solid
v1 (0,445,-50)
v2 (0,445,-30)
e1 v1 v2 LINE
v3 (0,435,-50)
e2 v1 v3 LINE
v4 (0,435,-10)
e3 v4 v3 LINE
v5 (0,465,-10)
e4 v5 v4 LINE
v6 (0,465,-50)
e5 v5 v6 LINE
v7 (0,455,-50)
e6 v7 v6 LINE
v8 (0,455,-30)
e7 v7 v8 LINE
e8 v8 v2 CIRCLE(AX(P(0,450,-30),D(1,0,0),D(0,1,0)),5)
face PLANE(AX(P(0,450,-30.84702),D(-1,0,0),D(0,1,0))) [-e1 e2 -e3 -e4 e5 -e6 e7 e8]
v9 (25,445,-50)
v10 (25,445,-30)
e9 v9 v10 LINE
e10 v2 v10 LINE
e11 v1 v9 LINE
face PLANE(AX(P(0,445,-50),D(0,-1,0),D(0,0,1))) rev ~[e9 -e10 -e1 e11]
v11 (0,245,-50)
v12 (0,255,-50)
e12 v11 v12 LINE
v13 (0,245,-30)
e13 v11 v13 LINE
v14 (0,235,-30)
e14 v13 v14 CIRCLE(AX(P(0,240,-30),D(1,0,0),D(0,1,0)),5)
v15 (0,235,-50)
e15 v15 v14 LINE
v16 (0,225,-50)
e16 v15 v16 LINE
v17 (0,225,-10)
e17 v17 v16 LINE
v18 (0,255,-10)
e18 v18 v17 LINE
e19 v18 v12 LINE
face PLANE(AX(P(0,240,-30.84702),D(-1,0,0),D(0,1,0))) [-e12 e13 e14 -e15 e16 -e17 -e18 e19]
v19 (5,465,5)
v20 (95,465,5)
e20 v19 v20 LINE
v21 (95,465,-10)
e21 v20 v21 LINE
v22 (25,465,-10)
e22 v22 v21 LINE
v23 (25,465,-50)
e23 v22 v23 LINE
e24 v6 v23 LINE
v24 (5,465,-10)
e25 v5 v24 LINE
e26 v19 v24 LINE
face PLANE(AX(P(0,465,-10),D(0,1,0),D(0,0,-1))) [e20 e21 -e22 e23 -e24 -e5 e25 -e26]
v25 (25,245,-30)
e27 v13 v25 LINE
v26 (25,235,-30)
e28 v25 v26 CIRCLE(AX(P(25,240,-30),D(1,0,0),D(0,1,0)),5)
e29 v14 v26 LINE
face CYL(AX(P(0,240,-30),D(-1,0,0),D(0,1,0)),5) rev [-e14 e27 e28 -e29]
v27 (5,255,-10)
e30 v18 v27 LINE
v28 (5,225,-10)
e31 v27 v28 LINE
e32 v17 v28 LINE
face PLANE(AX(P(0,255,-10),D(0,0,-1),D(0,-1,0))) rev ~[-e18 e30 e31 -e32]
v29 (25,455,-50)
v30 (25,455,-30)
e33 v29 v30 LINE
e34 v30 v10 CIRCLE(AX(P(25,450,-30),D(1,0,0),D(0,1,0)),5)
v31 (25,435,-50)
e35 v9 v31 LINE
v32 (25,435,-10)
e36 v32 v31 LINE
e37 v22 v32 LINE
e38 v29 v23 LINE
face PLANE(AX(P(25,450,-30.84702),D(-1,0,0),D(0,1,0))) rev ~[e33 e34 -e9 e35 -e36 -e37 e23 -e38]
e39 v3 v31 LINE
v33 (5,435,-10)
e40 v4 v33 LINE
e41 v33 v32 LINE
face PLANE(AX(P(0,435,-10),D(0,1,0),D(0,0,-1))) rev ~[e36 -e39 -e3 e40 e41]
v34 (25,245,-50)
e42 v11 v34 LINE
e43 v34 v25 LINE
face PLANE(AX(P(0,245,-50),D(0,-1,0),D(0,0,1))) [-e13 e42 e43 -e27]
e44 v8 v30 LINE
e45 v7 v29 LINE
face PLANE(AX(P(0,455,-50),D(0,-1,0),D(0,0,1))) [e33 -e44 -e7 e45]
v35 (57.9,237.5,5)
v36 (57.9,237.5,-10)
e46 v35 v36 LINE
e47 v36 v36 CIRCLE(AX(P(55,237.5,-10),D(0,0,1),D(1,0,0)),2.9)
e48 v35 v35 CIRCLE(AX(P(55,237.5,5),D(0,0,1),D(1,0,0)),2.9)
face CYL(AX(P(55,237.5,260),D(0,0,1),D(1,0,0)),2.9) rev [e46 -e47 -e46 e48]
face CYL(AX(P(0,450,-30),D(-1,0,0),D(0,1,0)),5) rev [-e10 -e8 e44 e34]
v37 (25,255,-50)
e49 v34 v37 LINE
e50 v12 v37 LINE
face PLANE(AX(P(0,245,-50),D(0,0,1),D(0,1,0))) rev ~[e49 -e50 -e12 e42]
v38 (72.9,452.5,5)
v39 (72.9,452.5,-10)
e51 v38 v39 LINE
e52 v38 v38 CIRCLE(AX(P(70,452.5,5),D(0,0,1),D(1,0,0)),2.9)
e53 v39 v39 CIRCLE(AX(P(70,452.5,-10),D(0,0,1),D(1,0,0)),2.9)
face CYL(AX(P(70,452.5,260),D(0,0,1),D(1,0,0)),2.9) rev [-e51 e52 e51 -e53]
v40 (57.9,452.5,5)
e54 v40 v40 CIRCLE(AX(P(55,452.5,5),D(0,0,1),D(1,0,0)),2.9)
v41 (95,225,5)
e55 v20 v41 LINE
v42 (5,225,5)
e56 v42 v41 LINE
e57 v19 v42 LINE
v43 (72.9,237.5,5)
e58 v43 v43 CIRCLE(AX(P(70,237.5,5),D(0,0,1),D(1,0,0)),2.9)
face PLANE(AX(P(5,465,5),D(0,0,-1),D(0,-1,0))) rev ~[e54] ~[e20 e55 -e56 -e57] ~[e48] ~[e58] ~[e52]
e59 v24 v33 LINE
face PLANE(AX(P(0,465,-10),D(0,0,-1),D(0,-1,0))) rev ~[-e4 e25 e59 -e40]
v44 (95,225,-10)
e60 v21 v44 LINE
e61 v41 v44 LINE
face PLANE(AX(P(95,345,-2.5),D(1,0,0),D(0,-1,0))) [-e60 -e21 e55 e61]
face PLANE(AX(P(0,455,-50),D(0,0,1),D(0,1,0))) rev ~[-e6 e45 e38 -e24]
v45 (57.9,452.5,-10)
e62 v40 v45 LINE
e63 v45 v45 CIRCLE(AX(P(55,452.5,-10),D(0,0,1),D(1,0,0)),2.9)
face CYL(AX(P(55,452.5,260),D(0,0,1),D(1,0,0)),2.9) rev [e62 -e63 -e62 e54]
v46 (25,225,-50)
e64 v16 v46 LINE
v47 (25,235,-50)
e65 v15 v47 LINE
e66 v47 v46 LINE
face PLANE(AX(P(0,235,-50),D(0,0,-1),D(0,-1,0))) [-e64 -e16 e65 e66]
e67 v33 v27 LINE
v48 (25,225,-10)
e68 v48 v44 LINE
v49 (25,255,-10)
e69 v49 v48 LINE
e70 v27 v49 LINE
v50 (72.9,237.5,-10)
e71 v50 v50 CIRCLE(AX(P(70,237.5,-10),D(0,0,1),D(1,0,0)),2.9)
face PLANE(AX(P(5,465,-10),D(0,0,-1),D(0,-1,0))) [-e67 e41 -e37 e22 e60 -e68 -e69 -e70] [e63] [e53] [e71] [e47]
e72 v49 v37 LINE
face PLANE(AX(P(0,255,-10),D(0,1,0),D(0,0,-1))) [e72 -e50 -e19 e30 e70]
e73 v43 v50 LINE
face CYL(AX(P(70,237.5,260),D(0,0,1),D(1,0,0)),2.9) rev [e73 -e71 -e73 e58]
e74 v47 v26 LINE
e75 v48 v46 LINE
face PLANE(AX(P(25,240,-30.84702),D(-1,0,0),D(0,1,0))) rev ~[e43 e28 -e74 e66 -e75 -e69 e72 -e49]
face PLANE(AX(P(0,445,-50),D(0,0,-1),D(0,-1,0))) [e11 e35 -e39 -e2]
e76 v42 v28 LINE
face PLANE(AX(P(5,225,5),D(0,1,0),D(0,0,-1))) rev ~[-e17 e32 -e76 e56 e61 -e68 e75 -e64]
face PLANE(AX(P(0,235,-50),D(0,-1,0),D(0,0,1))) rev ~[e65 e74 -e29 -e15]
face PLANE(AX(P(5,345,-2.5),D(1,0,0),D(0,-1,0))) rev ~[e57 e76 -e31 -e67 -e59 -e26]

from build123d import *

# Parameters (mm, degrees)
SKETCH011_W              = 240
SKETCH011_H              = 15
PAD007_DEPTH             = 90
SKETCH012_R              = 2.9
HOLE004_DEPTH            = 270.001
PAD008_DEPTH             = 25
CLONE007_PLACEMENT_ANGLE = 180


with BuildPart() as part:
    # Sketch011 → Pad007 (new body)
    with BuildSketch(Plane.YZ.offset(5)):
        with Locations((95, 262.5)):
            Rectangle(SKETCH011_W, SKETCH011_H)
    extrude(amount=PAD007_DEPTH)

    # Sketch012 → Hole004 (cut, through all)
    with BuildSketch(Plane.XY):
        with Locations((55, 202.5)):
            Circle(SKETCH012_R)
        with Locations((70, 202.5)):
            Circle(SKETCH012_R)
        with Locations((55, -12.5)):
            Circle(SKETCH012_R)
        with Locations((70, -12.5)):
            Circle(SKETCH012_R)
    extrude(amount=HOLE004_DEPTH, mode=Mode.SUBTRACT)

    # Sketch013 → Pad008 (join)
    with BuildSketch(Plane.YZ):
        with BuildLine():
            Line((-25, 270), (-25, 310))
            Line((-15, 310), (-25, 310))
            Line((-15, 310), (-15, 290))
            ThreePointArc((-15, 290), (-10, 285), (-5, 290))
            Line((-5, 310), (-5, 290))
            Line((-5, 310), (5, 310))
            Line((5, 270), (5, 310))
            Line((-25, 270), (5, 270))
        make_face()
        with BuildLine():
            Line((185, 270), (185, 310))
            Line((195, 310), (185, 310))
            Line((195, 310), (195, 290))
            ThreePointArc((195, 290), (200, 285), (205, 290))
            Line((205, 310), (205, 290))
            Line((205, 310), (215, 310))
            Line((215, 270), (215, 310))
            Line((185, 270), (215, 270))
        make_face()
    extrude(amount=PAD008_DEPTH)


with BuildPart() as part_1:
    # Clone007 placement: moved
    add(part.part.moved(Location((0, 190, 260))).rotate(Axis((0, 190, 260), (1, 0, 0)), CLONE007_PLACEMENT_ANGLE))


with BuildPart() as part_2:
    # Clone009 placement: moved
    add(part_1.part.moved(Location((0, 250, 0))))


solid = part_2.part
